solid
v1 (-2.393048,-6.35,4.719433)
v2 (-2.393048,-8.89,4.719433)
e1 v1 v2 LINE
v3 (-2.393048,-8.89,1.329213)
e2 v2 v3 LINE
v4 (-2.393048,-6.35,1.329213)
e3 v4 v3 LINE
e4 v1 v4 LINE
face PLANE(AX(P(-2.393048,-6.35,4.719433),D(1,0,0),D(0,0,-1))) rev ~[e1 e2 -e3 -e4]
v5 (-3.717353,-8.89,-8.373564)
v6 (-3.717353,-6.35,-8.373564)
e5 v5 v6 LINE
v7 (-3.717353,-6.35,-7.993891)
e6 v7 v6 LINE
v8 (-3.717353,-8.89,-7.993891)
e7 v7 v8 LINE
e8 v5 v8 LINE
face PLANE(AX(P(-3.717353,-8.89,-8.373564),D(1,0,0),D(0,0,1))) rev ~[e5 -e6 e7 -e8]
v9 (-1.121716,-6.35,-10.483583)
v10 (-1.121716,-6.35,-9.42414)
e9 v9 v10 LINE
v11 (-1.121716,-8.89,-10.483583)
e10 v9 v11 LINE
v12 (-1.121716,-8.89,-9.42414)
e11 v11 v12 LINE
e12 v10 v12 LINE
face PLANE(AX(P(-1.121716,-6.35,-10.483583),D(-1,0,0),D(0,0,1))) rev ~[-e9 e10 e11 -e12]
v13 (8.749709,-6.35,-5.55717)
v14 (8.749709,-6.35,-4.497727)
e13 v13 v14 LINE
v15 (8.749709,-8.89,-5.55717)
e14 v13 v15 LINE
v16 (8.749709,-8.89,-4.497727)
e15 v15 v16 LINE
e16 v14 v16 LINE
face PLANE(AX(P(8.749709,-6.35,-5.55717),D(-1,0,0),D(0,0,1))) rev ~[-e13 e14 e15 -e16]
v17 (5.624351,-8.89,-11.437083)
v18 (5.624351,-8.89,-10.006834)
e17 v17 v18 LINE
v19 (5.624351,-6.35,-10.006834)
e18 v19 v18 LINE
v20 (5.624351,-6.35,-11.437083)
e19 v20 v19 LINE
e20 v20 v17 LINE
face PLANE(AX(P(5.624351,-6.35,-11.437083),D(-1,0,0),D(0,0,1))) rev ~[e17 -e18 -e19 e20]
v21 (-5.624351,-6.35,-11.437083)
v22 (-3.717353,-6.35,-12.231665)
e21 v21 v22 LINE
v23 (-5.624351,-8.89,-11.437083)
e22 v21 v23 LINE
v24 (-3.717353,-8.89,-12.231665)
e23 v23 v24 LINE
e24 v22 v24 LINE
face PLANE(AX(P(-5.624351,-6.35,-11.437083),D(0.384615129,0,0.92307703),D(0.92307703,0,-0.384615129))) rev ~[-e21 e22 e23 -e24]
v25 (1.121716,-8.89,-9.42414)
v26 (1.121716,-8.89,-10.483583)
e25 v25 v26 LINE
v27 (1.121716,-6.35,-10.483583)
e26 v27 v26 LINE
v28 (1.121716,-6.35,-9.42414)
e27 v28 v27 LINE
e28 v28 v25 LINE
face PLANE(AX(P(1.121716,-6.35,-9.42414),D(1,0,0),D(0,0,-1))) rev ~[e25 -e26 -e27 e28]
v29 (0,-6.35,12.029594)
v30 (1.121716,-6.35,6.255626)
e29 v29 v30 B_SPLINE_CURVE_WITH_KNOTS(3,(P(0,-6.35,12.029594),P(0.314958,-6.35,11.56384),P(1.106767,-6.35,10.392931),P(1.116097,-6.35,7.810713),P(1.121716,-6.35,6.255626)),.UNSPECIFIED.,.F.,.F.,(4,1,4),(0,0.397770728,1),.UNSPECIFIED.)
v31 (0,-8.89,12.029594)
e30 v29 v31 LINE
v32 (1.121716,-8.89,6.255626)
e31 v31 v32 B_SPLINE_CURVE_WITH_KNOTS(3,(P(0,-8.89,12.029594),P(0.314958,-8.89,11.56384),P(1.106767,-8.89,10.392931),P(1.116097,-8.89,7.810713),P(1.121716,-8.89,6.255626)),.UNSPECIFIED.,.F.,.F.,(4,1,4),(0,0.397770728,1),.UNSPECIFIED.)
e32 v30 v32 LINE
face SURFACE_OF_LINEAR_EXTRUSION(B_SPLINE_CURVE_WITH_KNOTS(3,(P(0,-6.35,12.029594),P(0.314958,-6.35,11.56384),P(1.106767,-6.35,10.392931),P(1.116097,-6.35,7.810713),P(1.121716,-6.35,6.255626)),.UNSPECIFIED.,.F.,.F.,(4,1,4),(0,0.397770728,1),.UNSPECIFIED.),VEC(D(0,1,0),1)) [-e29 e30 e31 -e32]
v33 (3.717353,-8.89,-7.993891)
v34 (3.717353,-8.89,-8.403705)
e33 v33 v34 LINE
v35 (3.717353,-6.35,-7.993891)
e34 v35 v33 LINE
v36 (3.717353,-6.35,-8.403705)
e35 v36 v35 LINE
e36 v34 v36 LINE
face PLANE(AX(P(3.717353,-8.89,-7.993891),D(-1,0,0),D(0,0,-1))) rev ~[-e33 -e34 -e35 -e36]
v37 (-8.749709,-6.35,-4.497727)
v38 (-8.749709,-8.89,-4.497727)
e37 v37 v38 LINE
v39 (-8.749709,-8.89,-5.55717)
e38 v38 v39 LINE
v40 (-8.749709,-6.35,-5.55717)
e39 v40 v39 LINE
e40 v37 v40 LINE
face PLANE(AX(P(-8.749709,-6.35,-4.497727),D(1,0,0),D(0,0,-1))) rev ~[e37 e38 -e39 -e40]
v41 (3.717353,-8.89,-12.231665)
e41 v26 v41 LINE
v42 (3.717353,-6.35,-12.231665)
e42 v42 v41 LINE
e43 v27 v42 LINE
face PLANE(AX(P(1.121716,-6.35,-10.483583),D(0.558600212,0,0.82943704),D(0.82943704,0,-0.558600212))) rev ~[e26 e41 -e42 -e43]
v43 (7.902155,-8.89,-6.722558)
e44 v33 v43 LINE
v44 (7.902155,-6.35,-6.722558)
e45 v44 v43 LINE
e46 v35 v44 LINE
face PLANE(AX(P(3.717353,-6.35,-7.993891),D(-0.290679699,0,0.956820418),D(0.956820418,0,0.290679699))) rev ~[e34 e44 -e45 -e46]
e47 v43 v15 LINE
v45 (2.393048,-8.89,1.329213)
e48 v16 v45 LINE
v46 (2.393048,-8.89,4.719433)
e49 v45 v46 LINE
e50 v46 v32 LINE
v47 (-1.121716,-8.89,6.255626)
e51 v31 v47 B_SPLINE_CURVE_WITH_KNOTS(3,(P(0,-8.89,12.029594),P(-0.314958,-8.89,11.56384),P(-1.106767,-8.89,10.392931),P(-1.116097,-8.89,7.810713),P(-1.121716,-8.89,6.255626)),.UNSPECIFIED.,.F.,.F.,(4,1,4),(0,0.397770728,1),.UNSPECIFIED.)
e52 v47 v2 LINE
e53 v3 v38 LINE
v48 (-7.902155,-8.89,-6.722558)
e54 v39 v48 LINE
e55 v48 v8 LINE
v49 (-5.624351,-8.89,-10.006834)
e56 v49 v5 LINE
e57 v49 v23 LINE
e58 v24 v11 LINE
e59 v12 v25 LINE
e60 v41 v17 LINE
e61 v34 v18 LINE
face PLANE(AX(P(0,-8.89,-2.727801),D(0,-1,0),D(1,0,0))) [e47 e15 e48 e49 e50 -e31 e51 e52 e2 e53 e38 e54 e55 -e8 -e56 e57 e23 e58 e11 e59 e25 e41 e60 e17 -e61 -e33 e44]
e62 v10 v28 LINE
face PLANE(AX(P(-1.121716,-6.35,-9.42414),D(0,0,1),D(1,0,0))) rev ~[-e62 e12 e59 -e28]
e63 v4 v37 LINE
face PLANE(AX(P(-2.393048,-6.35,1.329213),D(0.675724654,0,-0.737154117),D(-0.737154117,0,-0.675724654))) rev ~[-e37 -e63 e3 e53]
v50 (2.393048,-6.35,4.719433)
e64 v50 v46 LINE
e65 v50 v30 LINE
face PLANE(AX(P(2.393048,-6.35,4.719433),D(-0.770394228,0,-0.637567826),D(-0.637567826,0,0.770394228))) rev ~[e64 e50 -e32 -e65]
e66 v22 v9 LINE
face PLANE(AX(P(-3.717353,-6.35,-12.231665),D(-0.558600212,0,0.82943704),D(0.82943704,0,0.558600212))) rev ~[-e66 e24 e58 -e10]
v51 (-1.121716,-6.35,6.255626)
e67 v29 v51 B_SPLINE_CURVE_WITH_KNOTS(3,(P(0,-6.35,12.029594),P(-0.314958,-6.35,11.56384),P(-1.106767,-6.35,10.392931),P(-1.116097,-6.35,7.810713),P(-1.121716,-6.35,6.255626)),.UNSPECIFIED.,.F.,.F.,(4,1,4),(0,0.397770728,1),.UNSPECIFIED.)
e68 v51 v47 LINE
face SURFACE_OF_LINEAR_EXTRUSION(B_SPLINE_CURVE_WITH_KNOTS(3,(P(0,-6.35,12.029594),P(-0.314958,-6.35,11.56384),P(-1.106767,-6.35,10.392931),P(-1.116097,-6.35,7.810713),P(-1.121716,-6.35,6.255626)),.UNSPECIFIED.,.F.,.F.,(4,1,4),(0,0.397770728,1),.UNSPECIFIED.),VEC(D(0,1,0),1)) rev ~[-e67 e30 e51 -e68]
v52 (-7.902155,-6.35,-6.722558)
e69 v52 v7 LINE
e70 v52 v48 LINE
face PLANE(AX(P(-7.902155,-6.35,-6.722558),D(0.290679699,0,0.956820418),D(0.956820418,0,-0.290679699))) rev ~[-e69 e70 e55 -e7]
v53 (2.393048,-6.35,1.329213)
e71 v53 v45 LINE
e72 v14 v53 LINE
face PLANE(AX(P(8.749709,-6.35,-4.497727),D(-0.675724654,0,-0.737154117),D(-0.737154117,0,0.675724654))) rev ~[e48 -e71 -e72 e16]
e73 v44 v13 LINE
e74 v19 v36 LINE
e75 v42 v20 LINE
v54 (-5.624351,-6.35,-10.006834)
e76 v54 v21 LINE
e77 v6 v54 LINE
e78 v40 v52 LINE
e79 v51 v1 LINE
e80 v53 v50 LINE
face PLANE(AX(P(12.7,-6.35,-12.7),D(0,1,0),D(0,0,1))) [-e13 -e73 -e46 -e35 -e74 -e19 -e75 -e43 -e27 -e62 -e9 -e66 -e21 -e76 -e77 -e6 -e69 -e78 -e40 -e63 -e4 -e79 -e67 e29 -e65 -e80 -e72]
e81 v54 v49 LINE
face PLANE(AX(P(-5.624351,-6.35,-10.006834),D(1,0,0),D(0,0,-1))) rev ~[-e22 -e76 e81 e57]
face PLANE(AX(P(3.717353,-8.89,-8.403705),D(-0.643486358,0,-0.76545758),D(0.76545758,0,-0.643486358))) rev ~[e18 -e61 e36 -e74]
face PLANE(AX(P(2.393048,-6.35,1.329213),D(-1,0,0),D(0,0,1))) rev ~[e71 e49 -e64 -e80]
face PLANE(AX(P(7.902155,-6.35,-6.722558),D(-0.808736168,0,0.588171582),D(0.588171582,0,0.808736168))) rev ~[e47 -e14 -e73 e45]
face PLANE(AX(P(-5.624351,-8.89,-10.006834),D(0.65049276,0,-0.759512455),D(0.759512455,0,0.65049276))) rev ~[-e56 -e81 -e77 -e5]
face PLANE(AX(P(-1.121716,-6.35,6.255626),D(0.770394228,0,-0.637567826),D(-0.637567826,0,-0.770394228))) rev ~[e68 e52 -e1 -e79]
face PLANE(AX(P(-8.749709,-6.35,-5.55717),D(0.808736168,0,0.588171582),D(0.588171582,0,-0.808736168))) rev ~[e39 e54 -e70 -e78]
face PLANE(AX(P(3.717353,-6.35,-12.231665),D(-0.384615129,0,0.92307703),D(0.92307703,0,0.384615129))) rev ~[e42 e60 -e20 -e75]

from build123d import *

# Parameters (mm, degrees)
F0_W     = 25.4
F0_H     = 25.4
F1_DEPTH = 6.35
F3_DEPTH = 2.54
F4_W     = 6.35
F4_H     = 25.4
F5_DEPTH = 25.4010001
F7_DEPTH = 2.5410001
F9_DEPTH = 2.5410001


with BuildPart() as f1:
    # F0 (on Front) → F1 (new body)
    with BuildSketch(Plane.XZ):
        Rectangle(F0_W, F0_H)
    extrude(amount=F1_DEPTH)

    # F2 (on face) → F3 (join)
    with BuildSketch(Plane.XZ.offset(6.35)):
        with BuildLine():
            add(Edge.make_bspline(
                [(0, 12.0295938104), (-0.3149582598, 11.5638402948), (-1.1067667998, 10.3929308176), (-1.116096827, 7.8107129391), (-1.1217156425, 6.2556257471)],
                knots=[0, 0, 0, 0, 0.3977707284, 1, 1, 1, 1], degree=3))
            Line((-1.1217156425, 6.2556257471), (-2.3930480238, 4.719432909))
            Line((-2.3930480238, 4.719432909), (-2.3930480238, 1.329213148))
            Line((-2.3930480238, 1.329213148), (-8.7497094646, -4.4977269135))
            Line((-8.7497094646, -4.4977269135), (-8.7497094646, -5.5571701378))
            Line((-8.7497094646, -5.5571701378), (-7.902154699, -6.7225582898))
            Line((-7.902154699, -6.7225582898), (-3.7173526362, -7.9938909039))
            Line((-3.7173526362, -7.9938909039), (-5.6243510917, -10.0068338215))
            Line((-5.6243510917, -10.0068338215), (-5.6243510917, -11.4370826632))
            Line((-5.6243510917, -11.4370826632), (-3.7173526362, -12.2316647321))
            Line((-3.7173526362, -12.2316647321), (-1.1217156425, -10.4835834354))
            Line((-1.1217156425, -10.4835834354), (-1.1217156425, -9.4241397455))
            Line((-1.1217156425, -9.4241397455), (1.1217156425, -9.4241397455))
            Line((1.1217156425, -9.4241397455), (1.1217156425, -10.4835834354))
            Line((1.1217156425, -10.4835834354), (3.7173526362, -12.2316647321))
            Line((3.7173526362, -12.2316647321), (5.6243510917, -11.4370826632))
            Line((5.6243510917, -11.4370826632), (5.6243510917, -10.0068338215))
            Line((5.6243510917, -10.0068338215), (3.7173526362, -7.9938909039))
            Line((3.7173526362, -7.9938909039), (7.902154699, -6.7225582898))
            Line((7.902154699, -6.7225582898), (8.7497094646, -5.5571701378))
            Line((8.7497094646, -5.5571701378), (8.7497094646, -4.4977269135))
            Line((8.7497094646, -4.4977269135), (2.3930480238, 1.329213148))
            Line((2.3930480238, 1.329213148), (2.3930480238, 4.719432909))
            Line((2.3930480238, 4.719432909), (1.1217156425, 6.2556257471))
            add(Edge.make_bspline(
                [(0, 12.0295938104), (0.3149582598, 11.5638402948), (1.1067667998, 10.3929308176), (1.116096827, 7.8107129391), (1.1217156425, 6.2556257471)],
                knots=[0, 0, 0, 0, 0.3977707284, 1, 1, 1, 1], degree=3))
        make_face()
    extrude(amount=F3_DEPTH)

    # F4 (on face) → F5 (cut, through all)
    with BuildSketch(Plane.YZ.offset(12.7)):
        with Locations((-3.175, 0)):
            Rectangle(F4_W, F4_H)
    extrude(amount=-F5_DEPTH, mode=Mode.SUBTRACT)

    # F6 (on face) → F7 (cut, through all)
    with BuildSketch(Plane.XZ.offset(8.89)):
        Polygon((-3.7173526362, -7.9938909039), (-5.6243510917, -10.0068338215), (-3.7173526362, -8.3735641092), align=None)
    extrude(amount=-F7_DEPTH, mode=Mode.SUBTRACT)

    # F8 (on face) → F9 (cut, through all)
    with BuildSketch(Plane.XZ.offset(8.89)):
        Polygon((3.7173526362, -8.4037045017), (5.6243510917, -10.0068338215), (3.7173526362, -7.9938909039), align=None)
    extrude(amount=-F9_DEPTH, mode=Mode.SUBTRACT)


solid = f1.part
